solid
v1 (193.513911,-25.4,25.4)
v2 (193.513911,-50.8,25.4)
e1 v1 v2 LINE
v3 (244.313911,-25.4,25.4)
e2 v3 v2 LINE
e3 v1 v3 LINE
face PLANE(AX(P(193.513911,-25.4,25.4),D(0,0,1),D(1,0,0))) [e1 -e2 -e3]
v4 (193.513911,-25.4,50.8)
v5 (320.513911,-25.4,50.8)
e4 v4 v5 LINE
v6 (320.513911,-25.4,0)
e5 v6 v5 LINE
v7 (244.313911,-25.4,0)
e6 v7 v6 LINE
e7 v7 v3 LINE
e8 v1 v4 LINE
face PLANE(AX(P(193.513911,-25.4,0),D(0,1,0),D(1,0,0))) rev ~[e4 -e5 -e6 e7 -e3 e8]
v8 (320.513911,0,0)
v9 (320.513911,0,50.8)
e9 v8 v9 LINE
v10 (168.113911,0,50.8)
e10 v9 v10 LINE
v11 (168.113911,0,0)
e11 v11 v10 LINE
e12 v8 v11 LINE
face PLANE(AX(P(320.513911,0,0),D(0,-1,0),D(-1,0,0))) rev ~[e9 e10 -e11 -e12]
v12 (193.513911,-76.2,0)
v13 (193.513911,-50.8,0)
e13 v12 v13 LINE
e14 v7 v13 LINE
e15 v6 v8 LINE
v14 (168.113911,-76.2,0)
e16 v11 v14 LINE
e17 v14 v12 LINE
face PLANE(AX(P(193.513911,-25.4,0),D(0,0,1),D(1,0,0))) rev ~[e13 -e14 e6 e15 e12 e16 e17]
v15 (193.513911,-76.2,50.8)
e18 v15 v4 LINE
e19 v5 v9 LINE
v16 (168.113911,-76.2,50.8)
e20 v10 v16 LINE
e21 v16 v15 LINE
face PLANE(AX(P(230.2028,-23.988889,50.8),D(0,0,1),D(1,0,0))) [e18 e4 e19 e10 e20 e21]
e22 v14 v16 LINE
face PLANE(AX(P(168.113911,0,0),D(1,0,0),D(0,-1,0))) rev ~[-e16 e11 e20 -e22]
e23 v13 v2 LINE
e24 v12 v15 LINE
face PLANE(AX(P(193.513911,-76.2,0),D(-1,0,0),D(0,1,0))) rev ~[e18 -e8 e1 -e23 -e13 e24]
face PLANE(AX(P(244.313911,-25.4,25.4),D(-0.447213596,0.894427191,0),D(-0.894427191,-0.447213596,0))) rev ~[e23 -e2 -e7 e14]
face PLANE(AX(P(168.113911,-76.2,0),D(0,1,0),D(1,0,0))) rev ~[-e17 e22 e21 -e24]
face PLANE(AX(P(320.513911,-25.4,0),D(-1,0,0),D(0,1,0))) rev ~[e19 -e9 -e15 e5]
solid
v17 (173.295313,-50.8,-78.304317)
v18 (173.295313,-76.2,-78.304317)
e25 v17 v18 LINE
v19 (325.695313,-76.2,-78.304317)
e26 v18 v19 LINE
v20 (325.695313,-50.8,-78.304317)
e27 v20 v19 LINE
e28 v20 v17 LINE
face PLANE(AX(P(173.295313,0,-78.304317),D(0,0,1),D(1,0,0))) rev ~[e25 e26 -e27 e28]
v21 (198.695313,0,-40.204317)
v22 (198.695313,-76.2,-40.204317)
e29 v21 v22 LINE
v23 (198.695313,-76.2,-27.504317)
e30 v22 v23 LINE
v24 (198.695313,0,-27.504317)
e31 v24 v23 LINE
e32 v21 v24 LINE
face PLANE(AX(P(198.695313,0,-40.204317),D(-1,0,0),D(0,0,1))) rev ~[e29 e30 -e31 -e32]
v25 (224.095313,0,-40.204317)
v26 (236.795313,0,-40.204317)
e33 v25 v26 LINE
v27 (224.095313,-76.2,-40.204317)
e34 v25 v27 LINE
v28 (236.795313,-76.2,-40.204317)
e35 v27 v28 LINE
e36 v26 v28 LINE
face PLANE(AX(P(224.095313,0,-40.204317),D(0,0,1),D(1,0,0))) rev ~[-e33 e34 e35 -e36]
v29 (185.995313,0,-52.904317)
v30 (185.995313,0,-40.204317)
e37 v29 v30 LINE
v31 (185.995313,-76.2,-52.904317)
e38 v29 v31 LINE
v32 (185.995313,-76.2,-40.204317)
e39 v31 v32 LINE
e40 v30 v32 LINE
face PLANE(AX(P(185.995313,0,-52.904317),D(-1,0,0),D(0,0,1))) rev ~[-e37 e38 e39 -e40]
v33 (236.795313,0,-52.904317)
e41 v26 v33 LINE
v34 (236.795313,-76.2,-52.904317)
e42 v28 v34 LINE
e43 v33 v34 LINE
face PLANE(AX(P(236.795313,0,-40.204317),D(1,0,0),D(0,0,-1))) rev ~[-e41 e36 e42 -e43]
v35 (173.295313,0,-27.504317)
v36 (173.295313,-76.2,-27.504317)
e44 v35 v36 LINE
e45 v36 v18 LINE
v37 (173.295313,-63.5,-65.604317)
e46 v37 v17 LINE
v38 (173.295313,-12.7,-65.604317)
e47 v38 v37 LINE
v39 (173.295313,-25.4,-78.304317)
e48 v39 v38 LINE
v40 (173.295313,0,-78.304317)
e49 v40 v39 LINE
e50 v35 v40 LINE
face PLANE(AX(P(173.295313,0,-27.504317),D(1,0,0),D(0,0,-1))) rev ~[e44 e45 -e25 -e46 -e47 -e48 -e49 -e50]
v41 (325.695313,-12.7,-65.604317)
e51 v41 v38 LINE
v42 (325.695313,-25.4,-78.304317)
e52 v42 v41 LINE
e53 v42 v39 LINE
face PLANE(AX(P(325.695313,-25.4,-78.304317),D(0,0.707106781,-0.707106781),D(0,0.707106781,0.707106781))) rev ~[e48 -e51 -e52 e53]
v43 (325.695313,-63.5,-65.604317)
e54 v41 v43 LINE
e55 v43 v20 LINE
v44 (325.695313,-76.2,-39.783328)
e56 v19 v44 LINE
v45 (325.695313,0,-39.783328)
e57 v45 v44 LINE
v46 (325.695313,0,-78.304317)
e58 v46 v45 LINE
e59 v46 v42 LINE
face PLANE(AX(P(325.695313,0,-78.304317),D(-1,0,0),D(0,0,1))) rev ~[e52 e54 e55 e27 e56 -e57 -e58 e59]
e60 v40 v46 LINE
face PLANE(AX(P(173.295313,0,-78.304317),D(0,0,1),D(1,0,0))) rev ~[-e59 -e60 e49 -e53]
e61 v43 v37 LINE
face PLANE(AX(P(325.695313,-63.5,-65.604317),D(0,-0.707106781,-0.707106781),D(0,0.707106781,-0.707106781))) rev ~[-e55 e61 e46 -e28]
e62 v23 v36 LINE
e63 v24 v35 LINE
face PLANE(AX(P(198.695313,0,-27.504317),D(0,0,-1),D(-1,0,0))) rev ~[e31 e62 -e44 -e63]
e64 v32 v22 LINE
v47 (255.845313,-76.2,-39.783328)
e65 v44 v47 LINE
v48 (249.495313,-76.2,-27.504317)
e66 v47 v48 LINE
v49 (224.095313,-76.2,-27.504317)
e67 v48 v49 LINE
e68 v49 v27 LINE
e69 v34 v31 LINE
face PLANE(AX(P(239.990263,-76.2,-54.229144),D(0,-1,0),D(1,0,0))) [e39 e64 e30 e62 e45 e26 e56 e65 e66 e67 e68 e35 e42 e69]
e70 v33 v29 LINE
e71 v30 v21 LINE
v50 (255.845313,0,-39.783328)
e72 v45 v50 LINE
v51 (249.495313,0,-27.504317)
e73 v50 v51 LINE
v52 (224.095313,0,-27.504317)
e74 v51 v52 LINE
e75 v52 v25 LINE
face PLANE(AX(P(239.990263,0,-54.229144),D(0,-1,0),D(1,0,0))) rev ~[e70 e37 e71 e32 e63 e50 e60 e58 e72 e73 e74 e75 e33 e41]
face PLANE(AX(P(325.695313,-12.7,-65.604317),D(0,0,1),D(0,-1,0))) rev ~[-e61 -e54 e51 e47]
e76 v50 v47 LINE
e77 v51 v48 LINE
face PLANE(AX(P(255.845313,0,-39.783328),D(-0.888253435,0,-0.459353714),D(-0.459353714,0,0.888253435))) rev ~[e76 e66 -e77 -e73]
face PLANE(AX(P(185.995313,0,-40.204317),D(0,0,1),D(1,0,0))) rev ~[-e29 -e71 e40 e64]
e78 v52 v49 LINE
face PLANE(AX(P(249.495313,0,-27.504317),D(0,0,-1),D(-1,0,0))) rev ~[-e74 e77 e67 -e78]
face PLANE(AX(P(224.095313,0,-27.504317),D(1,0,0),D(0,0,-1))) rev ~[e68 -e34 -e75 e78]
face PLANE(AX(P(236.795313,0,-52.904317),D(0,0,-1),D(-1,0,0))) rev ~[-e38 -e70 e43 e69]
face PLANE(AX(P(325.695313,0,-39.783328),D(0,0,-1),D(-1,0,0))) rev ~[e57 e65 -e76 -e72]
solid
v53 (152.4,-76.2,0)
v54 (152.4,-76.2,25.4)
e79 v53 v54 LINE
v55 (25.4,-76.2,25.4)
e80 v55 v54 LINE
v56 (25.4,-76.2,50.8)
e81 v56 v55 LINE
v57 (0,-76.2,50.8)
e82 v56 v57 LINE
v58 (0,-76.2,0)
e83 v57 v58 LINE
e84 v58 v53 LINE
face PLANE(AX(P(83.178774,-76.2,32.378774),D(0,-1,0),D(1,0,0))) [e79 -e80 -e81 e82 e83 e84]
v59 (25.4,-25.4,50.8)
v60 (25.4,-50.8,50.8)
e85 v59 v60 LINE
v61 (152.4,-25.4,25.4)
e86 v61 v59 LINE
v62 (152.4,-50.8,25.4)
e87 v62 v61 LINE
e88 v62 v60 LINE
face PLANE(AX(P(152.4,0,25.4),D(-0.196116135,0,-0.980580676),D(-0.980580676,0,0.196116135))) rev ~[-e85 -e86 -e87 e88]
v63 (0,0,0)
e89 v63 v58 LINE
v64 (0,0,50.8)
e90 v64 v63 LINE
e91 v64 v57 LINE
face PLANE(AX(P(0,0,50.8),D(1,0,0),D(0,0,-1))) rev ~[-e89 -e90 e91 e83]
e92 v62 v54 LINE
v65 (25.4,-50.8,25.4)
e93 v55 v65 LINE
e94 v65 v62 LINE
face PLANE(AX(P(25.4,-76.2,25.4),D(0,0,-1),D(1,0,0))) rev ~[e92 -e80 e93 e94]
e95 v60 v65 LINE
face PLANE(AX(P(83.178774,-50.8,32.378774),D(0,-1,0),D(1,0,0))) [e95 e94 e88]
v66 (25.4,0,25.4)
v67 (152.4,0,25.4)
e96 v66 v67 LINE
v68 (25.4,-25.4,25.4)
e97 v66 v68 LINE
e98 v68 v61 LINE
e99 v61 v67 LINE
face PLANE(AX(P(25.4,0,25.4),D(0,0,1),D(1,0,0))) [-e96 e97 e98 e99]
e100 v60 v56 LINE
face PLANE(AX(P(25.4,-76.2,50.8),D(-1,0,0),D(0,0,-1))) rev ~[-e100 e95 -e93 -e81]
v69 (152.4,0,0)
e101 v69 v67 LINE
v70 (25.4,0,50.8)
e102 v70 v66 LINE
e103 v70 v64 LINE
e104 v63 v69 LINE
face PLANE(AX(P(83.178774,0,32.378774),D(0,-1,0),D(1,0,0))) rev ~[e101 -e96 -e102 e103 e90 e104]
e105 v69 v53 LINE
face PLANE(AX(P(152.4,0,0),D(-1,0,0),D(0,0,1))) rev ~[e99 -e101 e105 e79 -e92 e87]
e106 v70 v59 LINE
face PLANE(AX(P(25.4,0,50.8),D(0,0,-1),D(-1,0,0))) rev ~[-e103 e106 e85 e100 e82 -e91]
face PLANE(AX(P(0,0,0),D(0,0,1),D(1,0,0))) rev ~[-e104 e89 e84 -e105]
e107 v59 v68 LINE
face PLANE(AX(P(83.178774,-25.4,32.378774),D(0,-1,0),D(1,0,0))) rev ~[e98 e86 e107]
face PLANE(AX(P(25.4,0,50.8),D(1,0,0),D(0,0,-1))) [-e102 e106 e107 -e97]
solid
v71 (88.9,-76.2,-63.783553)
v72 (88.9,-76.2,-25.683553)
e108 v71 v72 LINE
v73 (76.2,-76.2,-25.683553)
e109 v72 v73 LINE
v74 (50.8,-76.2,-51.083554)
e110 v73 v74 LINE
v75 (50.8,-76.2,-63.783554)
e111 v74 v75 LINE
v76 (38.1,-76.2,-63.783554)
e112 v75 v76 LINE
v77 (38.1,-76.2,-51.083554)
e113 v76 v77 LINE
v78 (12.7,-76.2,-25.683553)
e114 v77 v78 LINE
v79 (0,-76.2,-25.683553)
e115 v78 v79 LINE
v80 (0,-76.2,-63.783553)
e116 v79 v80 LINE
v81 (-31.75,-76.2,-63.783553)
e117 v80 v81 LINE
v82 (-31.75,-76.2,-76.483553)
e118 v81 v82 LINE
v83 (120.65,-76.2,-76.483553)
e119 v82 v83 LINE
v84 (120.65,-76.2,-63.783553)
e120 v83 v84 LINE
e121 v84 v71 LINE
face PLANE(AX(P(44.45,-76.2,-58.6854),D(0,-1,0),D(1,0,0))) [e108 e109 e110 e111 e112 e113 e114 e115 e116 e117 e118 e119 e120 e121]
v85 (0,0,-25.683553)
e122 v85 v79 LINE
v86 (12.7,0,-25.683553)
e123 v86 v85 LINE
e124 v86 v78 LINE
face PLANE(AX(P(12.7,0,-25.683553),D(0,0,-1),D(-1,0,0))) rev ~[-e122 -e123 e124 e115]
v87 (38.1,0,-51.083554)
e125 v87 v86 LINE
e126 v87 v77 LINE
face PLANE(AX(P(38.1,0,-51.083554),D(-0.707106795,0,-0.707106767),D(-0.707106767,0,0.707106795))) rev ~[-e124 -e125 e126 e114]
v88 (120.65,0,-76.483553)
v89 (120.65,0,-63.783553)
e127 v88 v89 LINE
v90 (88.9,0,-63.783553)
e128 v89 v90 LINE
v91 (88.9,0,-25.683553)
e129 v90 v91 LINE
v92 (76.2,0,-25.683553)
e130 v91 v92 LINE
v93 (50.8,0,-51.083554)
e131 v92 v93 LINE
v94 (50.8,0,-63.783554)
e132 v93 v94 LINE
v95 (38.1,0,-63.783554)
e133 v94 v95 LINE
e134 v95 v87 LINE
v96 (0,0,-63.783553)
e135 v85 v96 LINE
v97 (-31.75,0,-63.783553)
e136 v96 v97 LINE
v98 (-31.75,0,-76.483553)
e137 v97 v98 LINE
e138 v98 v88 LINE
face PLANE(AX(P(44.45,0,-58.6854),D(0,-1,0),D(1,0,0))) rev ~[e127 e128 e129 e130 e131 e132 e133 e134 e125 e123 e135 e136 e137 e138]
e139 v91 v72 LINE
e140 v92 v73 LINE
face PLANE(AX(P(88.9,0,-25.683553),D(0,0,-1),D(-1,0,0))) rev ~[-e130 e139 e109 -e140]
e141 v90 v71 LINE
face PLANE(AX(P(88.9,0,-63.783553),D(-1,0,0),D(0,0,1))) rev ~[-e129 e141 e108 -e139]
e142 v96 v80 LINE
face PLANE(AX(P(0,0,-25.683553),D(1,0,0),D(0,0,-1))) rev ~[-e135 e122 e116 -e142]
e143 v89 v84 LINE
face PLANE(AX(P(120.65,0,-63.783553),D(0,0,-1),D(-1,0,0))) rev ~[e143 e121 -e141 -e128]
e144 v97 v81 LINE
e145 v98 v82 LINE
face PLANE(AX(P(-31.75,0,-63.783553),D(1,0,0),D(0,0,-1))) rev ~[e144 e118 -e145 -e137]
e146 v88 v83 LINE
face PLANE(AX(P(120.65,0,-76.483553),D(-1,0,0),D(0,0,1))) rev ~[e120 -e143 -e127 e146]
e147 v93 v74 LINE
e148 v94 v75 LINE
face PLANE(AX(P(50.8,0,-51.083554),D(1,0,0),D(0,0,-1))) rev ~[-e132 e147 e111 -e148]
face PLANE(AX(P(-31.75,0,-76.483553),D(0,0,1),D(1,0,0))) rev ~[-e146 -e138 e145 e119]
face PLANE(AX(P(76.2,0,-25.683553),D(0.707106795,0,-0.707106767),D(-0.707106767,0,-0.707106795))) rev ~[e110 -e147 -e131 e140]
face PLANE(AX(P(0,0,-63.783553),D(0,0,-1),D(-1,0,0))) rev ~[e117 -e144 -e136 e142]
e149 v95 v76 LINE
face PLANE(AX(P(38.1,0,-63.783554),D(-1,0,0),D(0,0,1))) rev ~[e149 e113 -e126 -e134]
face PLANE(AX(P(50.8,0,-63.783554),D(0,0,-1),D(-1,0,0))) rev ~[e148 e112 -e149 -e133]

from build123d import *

# Parameters (mm, degrees)
F1_DEPTH  = 76.2
F2_DEPTH  = 76.2
F4_DEPTH  = 25.4
F5_DEPTH  = 25.4
F6_DEPTH  = 25.4
F8_DEPTH  = 50.8
F9_W      = 50.8
F9_H      = 25.4
F10_DEPTH = 25.4
F12_DEPTH = 25.4
F14_DEPTH = 76.2
F16_DEPTH = 76.2
F18_DEPTH = 152.4


with BuildPart() as f1:
    # F0 (on Front) → F1 (new body)
    with BuildSketch(Plane.XZ):
        Polygon((0, 50.8), (0, 0), (152.4, 0), (152.4, 25.4), (25.4, 25.4), (25.4, 50.8), align=None)
    extrude(amount=F1_DEPTH)

    # F0 (on Front) → F2 (join)
    with BuildSketch(Plane.XZ):
        Polygon((25.4, 25.4), (152.4, 25.4), (25.4, 50.8), align=None)
    extrude(amount=F2_DEPTH)

    # F3 (on face) → F4 (cut)
    with BuildSketch(Plane.XZ.offset(76.2)):
        Polygon((152.4, 25.4), (25.4, 50.8), (25.4, 25.4), align=None)
    extrude(amount=-F4_DEPTH, mode=Mode.SUBTRACT)

    # F0 (on Front) → F5 (join)
    with BuildSketch(Plane.XZ):
        Polygon((25.4, 25.4), (152.4, 25.4), (25.4, 50.8), align=None)
    extrude(amount=F5_DEPTH)

    # F0 (on Front) → F6 (cut)
    with BuildSketch(Plane.XZ):
        Polygon((25.4, 25.4), (152.4, 25.4), (25.4, 50.8), align=None)
    extrude(amount=F6_DEPTH, mode=Mode.SUBTRACT)


with BuildPart() as f8:
    # F7 (on Top) → F8 (new body)
    with BuildSketch(Plane.XY):
        Polygon((320.513911, 0), (168.113911, 0), (168.113911, -76.2), (193.513911, -76.2), (193.513911, -25.4), (320.513911, -25.4), align=None)
    extrude(amount=F8_DEPTH)

    # F9 (on face) → F10 (join)
    with BuildSketch(Plane.XZ.offset(25.4)):
        with Locations((218.913911, 12.7)):
            Rectangle(F9_W, F9_H)
    extrude(amount=F10_DEPTH)

    # F11 (on face) → F12 (cut)
    with BuildSketch(Plane.XY.offset(25.4)):
        Polygon((244.313911, -25.4), (193.513911, -50.8), (244.313911, -50.8), align=None)
    extrude(amount=-F12_DEPTH, mode=Mode.SUBTRACT)


with BuildPart() as f14:
    # F13 (on Front) → F14 (new body)
    with BuildSketch(Plane.XZ):
        Polygon((-31.75, -76.483553), (120.65, -76.483553), (120.65, -63.783553), (88.9, -63.783553), (88.9, -25.683553), (76.2, -25.683553), (50.8, -51.083554), (50.8, -63.783554), (38.1, -63.783554), (38.1, -51.083554), (12.7, -25.683553), (0, -25.683553), (0, -63.783553), (-31.75, -63.783553), align=None)
    extrude(amount=F14_DEPTH)


with BuildPart() as f16:
    # F15 (on Front) → F16 (new body)
    with BuildSketch(Plane.XZ):
        Polygon((173.295313, -27.504317), (173.295313, -78.304317), (325.695313, -78.304317), (325.695313, -39.783328), (255.845313, -39.783328), (249.495313, -27.504317), (224.095313, -27.504317), (224.095313, -40.204317), (236.795313, -40.204317), (236.795313, -52.904317), (185.995313, -52.904317), (185.995313, -40.204317), (198.695313, -40.204317), (198.695313, -27.504317), align=None)
    extrude(amount=F16_DEPTH)

    # F17 (on face) → F18 (cut)
    with BuildSketch(Plane.YZ.offset(325.695313)):
        Polygon((-63.5, -65.604317), (-50.8, -78.304317), (-25.4, -78.304317), (-12.7, -65.604317), align=None)
    extrude(amount=-F18_DEPTH, mode=Mode.SUBTRACT)


solid = Compound([f1.part, f8.part, f14.part, f16.part])
